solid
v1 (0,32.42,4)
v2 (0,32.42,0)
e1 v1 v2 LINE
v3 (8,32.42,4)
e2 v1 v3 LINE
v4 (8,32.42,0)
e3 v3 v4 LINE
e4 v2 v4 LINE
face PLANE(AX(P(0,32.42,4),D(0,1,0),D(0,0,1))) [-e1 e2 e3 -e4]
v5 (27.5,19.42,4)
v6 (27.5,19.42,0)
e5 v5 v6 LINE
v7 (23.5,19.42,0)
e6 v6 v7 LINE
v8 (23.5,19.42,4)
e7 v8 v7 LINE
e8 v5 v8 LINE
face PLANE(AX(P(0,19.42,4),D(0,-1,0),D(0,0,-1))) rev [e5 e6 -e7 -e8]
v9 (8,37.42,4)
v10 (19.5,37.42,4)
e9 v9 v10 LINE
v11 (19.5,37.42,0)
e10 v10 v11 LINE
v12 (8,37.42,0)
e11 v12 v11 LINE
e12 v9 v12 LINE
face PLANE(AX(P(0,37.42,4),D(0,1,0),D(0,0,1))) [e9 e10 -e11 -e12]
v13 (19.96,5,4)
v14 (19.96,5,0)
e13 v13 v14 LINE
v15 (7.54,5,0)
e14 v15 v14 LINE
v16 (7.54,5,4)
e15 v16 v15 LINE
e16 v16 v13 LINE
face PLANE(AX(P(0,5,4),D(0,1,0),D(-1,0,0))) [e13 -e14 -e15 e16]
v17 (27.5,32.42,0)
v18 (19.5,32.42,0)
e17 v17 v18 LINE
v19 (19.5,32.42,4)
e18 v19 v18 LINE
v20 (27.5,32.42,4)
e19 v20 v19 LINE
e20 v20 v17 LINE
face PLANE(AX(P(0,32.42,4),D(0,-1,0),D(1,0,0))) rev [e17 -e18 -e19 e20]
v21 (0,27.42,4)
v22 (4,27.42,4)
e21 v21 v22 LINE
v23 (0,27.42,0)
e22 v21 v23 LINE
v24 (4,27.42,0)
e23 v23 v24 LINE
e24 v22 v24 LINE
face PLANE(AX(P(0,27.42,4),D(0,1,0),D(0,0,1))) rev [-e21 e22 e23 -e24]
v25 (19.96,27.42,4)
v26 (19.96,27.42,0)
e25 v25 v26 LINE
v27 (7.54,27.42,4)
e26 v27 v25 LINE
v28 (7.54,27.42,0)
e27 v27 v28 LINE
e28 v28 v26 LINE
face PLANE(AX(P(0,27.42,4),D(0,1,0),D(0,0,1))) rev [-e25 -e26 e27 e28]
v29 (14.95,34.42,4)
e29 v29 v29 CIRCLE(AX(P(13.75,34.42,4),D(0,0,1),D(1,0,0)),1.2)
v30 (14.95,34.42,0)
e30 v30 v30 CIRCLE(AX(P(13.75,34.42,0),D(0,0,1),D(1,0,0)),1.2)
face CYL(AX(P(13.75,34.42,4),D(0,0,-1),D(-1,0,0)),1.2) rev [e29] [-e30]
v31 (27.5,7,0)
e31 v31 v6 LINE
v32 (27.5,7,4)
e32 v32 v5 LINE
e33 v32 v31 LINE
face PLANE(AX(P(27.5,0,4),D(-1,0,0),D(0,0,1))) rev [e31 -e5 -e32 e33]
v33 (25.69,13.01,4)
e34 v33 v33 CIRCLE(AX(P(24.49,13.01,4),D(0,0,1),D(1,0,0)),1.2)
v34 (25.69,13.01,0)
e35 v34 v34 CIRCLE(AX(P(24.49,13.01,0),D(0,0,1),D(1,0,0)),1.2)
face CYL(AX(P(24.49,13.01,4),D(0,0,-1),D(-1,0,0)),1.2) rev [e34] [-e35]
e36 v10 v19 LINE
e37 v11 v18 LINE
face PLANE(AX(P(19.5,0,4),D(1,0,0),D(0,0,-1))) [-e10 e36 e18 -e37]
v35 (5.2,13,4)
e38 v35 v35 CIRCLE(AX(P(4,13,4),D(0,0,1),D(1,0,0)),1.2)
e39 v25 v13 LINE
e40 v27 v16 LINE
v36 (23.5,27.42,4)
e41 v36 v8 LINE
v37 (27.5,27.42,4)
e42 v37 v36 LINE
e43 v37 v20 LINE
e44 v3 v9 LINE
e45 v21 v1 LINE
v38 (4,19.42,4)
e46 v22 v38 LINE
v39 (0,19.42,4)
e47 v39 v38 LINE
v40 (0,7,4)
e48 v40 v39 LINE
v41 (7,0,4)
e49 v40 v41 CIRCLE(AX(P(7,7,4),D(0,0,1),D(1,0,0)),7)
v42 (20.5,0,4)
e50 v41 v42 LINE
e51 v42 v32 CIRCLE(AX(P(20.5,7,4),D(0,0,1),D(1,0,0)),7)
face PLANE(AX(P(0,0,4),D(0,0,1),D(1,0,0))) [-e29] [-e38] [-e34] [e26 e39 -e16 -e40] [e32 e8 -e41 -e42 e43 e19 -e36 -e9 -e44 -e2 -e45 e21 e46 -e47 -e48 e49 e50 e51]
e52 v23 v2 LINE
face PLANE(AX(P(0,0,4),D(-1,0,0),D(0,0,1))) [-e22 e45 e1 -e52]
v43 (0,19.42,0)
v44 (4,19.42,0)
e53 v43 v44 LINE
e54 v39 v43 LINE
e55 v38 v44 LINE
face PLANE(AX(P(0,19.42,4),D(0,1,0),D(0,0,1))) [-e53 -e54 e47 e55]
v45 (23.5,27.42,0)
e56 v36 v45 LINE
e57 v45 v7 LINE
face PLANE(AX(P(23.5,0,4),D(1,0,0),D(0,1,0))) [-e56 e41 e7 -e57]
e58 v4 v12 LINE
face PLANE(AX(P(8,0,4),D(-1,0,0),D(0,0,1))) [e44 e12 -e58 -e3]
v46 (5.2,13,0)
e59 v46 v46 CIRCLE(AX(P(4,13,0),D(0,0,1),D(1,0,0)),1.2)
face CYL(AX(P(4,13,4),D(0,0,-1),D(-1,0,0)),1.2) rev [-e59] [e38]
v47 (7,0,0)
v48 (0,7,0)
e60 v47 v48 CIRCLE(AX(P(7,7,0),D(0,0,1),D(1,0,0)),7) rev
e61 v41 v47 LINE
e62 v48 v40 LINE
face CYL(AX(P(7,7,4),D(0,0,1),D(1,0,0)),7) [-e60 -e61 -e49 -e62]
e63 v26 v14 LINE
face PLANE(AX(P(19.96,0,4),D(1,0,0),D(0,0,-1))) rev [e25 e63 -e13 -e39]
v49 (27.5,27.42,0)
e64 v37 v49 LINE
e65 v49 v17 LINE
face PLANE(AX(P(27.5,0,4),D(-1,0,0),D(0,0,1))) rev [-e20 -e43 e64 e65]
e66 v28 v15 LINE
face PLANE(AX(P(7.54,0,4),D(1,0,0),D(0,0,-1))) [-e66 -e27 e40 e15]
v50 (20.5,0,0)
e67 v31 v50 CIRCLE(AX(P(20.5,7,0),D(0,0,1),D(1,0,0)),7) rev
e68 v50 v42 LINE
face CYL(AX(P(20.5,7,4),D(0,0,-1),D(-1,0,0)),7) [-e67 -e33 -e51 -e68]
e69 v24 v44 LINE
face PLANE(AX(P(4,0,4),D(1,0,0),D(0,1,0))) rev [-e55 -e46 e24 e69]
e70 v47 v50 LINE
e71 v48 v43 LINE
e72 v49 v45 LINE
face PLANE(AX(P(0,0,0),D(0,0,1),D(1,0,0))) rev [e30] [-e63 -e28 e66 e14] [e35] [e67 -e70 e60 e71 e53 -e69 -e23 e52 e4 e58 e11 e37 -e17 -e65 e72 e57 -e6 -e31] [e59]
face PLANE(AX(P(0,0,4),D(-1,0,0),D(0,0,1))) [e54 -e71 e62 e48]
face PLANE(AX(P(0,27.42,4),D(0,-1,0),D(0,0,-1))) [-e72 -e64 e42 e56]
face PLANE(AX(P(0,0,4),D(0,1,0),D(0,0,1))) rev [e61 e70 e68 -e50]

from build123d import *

# Parameters (mm, degrees)
SKETCH1_R           = 1.2
SKETCH1_W           = 12.42
SKETCH1_H           = 22.42
BOSS_EXTRUDE1_DEPTH = 4
FILLET1_R           = 7


with BuildPart() as part:
    # Sketch1 → Boss-Extrude1 (new body)
    with BuildSketch(Plane.XY):
        Polygon((8, 37.42), (8, 32.42), (0, 32.42), (0, 27.42), (4, 27.42), (4, 19.42), (0, 19.42), (0, 0), (27.5, 0), (27.5, 19.42), (23.5, 19.42), (23.5, 27.42), (27.5, 27.42), (27.5, 32.42), (19.5, 32.42), (19.5, 37.42), align=None)
        with Locations((4, 13)):
            Circle(SKETCH1_R, mode=Mode.SUBTRACT)
        with Locations((13.75, 16.21)):
            Rectangle(SKETCH1_W, SKETCH1_H, mode=Mode.SUBTRACT)
        with Locations((24.49, 13.01)):
            Circle(SKETCH1_R, mode=Mode.SUBTRACT)
        with Locations((13.75, 34.42)):
            Circle(SKETCH1_R, mode=Mode.SUBTRACT)
    extrude(amount=BOSS_EXTRUDE1_DEPTH)

    # Fillet1
    fillet1_edges = [part.edges().sort_by_distance(p)[0] for p in [
        (27.5, 0, 2),
        (0, 0, 2),
    ]]
    fillet(fillet1_edges, radius=FILLET1_R)


solid = part.part
